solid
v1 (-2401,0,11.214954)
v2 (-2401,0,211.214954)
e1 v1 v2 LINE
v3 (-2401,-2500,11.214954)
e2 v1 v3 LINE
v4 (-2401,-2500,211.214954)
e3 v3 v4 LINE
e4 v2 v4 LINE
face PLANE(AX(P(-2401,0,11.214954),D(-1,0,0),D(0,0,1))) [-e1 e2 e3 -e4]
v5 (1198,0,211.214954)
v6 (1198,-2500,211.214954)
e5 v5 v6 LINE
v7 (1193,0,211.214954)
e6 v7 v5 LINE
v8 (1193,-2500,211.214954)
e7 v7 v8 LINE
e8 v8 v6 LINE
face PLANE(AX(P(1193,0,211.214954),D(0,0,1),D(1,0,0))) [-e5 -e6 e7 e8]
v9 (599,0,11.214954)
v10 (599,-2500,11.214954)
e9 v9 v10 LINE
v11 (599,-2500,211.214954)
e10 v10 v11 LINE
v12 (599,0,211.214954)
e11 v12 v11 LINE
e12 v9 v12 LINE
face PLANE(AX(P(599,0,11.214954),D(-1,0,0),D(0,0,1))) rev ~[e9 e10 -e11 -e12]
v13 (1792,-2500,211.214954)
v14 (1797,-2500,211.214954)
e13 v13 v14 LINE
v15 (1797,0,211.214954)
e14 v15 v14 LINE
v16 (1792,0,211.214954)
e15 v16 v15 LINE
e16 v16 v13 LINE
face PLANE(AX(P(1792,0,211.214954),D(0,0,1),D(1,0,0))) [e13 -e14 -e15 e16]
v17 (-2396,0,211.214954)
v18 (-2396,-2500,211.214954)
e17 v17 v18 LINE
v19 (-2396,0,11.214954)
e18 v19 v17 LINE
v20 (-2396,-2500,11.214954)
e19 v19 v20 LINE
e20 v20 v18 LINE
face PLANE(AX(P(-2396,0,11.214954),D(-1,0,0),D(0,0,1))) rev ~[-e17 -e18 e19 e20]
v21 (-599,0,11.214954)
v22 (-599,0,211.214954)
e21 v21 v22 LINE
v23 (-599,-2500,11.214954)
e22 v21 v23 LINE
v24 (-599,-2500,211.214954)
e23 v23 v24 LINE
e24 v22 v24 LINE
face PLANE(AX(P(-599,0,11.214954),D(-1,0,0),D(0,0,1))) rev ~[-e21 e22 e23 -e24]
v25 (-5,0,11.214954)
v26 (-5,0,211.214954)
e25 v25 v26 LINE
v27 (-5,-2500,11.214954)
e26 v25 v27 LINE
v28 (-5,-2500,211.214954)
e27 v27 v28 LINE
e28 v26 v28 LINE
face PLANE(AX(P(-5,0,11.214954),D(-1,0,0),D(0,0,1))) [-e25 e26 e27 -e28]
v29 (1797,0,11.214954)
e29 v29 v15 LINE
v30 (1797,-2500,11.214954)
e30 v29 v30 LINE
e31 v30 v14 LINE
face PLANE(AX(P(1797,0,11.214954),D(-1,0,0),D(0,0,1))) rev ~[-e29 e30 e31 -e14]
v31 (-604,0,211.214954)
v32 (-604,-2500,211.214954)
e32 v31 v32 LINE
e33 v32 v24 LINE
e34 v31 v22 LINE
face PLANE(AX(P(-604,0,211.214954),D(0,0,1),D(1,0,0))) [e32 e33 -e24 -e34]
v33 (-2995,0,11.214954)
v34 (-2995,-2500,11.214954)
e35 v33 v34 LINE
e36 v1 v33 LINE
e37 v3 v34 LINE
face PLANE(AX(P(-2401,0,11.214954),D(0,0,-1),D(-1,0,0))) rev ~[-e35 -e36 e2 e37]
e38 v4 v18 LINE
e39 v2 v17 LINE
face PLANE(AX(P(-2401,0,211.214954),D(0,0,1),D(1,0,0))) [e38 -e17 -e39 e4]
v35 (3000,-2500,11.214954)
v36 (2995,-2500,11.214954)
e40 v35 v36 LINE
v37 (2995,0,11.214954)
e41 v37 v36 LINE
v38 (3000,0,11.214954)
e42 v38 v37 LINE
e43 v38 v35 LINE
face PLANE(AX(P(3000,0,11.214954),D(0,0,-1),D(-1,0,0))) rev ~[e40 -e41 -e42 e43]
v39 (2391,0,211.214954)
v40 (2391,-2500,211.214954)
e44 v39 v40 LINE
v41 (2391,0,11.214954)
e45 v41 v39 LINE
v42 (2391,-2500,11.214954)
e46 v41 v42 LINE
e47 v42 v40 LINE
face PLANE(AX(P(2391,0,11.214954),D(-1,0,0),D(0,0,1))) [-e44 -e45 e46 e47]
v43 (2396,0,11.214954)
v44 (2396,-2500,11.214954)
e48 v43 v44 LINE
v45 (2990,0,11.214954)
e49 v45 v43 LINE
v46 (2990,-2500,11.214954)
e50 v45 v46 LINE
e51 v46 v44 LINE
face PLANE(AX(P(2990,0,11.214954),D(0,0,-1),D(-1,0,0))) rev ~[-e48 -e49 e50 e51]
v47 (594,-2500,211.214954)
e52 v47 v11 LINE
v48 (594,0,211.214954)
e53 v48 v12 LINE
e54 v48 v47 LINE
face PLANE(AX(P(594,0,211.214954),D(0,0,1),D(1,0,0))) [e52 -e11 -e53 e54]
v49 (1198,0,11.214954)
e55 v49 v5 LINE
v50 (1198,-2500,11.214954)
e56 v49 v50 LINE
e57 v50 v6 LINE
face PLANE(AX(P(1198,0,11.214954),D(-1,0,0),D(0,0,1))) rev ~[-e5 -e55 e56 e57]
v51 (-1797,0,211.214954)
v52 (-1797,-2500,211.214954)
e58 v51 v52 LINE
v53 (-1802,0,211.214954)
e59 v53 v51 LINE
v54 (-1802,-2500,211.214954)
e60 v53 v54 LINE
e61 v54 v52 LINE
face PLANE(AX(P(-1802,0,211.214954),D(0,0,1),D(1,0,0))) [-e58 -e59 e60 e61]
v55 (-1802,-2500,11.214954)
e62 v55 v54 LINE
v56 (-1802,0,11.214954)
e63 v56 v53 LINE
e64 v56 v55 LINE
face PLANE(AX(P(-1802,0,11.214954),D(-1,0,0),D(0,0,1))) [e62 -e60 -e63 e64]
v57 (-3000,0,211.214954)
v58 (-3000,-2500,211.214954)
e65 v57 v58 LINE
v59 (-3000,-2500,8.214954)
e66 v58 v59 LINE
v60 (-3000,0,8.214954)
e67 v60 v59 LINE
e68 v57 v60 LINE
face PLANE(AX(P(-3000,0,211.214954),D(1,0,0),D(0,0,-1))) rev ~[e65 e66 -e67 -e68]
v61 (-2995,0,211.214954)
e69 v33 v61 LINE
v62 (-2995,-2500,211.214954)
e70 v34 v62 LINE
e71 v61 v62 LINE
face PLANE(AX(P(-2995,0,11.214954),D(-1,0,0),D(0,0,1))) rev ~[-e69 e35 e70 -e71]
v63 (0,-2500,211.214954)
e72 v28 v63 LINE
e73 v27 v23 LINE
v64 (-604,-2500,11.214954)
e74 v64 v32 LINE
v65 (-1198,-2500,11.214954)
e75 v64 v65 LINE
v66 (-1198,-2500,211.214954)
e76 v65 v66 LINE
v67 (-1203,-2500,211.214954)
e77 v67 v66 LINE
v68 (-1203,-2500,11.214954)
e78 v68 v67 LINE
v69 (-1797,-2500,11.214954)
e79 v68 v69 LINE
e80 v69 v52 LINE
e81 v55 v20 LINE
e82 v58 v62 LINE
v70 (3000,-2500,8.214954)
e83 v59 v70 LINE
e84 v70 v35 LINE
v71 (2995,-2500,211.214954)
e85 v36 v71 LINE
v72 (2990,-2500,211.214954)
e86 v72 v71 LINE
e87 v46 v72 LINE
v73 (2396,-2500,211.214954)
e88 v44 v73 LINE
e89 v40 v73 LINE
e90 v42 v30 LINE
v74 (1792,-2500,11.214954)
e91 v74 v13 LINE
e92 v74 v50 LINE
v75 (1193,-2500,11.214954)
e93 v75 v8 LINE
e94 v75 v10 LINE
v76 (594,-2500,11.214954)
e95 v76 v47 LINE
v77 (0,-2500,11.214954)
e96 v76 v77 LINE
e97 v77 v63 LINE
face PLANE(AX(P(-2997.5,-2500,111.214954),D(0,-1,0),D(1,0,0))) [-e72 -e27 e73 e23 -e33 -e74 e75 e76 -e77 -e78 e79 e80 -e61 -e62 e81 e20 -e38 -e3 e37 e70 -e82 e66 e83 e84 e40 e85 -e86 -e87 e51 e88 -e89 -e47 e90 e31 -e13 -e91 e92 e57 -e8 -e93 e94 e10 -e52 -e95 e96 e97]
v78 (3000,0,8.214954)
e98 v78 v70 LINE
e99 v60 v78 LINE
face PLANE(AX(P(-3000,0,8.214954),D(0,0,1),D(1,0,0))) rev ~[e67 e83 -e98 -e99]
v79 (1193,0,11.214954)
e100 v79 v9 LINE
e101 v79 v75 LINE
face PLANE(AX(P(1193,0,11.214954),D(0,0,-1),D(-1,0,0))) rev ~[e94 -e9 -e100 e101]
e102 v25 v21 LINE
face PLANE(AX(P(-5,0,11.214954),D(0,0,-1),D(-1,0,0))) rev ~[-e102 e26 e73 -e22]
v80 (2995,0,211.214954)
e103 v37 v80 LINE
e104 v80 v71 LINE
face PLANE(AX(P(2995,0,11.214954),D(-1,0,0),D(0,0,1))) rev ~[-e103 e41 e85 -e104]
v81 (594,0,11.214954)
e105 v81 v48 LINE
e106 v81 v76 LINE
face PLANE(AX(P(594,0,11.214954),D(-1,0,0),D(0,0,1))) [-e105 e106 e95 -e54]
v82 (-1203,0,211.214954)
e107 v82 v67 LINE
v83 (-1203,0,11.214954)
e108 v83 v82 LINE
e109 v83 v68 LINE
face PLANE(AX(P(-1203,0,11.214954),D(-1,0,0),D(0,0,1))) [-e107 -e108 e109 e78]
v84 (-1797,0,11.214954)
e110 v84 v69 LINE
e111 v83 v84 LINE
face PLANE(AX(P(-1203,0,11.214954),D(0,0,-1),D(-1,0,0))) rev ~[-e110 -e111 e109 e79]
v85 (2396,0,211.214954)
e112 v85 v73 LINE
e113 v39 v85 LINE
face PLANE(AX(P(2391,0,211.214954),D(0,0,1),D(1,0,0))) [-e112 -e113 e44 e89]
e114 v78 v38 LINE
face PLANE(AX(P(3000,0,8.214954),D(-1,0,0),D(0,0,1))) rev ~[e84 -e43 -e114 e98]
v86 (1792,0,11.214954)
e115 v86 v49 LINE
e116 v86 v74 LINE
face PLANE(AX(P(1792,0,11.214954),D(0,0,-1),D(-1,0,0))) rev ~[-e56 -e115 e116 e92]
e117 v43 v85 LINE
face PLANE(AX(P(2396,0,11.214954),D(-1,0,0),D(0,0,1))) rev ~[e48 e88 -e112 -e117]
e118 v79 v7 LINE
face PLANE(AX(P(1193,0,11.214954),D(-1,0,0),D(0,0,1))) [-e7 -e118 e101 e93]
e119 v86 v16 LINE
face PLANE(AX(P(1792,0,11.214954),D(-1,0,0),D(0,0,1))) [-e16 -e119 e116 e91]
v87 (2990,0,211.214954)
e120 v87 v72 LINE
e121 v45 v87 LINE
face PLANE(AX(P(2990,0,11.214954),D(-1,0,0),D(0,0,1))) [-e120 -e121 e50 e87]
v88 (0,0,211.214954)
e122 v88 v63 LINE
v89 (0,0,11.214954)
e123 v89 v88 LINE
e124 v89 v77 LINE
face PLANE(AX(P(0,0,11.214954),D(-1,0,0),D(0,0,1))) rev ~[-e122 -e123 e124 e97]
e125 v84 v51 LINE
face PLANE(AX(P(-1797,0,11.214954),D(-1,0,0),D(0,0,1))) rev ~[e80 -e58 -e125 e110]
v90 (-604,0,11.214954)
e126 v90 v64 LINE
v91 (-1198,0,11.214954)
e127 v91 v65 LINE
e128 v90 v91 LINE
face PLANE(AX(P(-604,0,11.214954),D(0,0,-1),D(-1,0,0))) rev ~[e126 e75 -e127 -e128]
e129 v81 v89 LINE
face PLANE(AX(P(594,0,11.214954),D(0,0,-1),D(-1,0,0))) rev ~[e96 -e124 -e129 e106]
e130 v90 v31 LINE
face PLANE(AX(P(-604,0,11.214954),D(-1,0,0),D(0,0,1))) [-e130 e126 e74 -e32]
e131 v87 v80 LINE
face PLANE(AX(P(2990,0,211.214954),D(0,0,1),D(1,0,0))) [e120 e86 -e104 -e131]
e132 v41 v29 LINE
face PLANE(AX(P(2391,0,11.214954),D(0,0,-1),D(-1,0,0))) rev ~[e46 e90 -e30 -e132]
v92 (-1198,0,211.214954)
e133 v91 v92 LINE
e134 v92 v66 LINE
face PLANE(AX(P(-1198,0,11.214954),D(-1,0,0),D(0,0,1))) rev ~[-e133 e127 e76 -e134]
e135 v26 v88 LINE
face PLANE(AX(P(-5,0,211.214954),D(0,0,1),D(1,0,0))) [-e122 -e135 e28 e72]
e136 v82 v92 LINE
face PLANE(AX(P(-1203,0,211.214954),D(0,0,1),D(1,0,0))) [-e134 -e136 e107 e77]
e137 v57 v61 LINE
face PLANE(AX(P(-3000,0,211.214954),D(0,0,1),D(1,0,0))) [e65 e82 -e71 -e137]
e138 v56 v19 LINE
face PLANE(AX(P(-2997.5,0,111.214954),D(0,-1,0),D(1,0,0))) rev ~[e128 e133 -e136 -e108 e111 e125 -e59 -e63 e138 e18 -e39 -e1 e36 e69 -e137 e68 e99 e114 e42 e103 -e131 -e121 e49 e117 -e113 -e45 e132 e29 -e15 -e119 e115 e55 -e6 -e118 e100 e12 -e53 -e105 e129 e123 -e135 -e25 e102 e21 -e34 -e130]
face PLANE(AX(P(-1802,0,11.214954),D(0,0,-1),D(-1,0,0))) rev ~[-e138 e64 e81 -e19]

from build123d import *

# Parameters (mm, degrees)
F0_W     = 5
F0_H     = 200
F1_DEPTH = 2500


with BuildPart() as f1:
    # F0 (on Front) → F1 (new body)
    with BuildSketch(Plane.XZ):
        with Locations((-2997.5, 111.214954)):
            Rectangle(F0_W, F0_H)
        Polygon((-2995, 11.214954), (-3000, 11.214954), (-3000, 8.214954), (-2401, 8.214954), (-1802, 8.214954), (-1203, 8.214954), (-604, 8.214954), (-5, 8.214954), (594, 8.214954), (1193, 8.214954), (1792, 8.214954), (2391, 8.214954), (3000, 8.214954), (3000, 11.214954), (2995, 11.214954), (2990, 11.214954), (2396, 11.214954), (2391, 11.214954), (1797, 11.214954), (1792, 11.214954), (1198, 11.214954), (1193, 11.214954), (599, 11.214954), (594, 11.214954), (0, 11.214954), (-5, 11.214954), (-599, 11.214954), (-604, 11.214954), (-1198, 11.214954), (-1203, 11.214954), (-1797, 11.214954), (-1802, 11.214954), (-2396, 11.214954), (-2401, 11.214954), align=None)
        with Locations((-2398.5, 111.214954)):
            Rectangle(F0_W, F0_H)
        with Locations((-1799.5, 111.214954)):
            Rectangle(F0_W, F0_H)
        with Locations((-1200.5, 111.214954)):
            Rectangle(F0_W, F0_H)
        with Locations((-601.5, 111.214954)):
            Rectangle(F0_W, F0_H)
        with Locations((-2.5, 111.214954)):
            Rectangle(F0_W, F0_H)
        with Locations((596.5, 111.214954)):
            Rectangle(F0_W, F0_H)
        with Locations((2992.5, 111.214954)):
            Rectangle(F0_W, F0_H)
        with Locations((1195.5, 111.214954)):
            Rectangle(F0_W, F0_H)
        with Locations((2393.5, 111.214954)):
            Rectangle(F0_W, F0_H)
        with Locations((1794.5, 111.214954)):
            Rectangle(F0_W, F0_H)
    extrude(amount=F1_DEPTH)


solid = f1.part
